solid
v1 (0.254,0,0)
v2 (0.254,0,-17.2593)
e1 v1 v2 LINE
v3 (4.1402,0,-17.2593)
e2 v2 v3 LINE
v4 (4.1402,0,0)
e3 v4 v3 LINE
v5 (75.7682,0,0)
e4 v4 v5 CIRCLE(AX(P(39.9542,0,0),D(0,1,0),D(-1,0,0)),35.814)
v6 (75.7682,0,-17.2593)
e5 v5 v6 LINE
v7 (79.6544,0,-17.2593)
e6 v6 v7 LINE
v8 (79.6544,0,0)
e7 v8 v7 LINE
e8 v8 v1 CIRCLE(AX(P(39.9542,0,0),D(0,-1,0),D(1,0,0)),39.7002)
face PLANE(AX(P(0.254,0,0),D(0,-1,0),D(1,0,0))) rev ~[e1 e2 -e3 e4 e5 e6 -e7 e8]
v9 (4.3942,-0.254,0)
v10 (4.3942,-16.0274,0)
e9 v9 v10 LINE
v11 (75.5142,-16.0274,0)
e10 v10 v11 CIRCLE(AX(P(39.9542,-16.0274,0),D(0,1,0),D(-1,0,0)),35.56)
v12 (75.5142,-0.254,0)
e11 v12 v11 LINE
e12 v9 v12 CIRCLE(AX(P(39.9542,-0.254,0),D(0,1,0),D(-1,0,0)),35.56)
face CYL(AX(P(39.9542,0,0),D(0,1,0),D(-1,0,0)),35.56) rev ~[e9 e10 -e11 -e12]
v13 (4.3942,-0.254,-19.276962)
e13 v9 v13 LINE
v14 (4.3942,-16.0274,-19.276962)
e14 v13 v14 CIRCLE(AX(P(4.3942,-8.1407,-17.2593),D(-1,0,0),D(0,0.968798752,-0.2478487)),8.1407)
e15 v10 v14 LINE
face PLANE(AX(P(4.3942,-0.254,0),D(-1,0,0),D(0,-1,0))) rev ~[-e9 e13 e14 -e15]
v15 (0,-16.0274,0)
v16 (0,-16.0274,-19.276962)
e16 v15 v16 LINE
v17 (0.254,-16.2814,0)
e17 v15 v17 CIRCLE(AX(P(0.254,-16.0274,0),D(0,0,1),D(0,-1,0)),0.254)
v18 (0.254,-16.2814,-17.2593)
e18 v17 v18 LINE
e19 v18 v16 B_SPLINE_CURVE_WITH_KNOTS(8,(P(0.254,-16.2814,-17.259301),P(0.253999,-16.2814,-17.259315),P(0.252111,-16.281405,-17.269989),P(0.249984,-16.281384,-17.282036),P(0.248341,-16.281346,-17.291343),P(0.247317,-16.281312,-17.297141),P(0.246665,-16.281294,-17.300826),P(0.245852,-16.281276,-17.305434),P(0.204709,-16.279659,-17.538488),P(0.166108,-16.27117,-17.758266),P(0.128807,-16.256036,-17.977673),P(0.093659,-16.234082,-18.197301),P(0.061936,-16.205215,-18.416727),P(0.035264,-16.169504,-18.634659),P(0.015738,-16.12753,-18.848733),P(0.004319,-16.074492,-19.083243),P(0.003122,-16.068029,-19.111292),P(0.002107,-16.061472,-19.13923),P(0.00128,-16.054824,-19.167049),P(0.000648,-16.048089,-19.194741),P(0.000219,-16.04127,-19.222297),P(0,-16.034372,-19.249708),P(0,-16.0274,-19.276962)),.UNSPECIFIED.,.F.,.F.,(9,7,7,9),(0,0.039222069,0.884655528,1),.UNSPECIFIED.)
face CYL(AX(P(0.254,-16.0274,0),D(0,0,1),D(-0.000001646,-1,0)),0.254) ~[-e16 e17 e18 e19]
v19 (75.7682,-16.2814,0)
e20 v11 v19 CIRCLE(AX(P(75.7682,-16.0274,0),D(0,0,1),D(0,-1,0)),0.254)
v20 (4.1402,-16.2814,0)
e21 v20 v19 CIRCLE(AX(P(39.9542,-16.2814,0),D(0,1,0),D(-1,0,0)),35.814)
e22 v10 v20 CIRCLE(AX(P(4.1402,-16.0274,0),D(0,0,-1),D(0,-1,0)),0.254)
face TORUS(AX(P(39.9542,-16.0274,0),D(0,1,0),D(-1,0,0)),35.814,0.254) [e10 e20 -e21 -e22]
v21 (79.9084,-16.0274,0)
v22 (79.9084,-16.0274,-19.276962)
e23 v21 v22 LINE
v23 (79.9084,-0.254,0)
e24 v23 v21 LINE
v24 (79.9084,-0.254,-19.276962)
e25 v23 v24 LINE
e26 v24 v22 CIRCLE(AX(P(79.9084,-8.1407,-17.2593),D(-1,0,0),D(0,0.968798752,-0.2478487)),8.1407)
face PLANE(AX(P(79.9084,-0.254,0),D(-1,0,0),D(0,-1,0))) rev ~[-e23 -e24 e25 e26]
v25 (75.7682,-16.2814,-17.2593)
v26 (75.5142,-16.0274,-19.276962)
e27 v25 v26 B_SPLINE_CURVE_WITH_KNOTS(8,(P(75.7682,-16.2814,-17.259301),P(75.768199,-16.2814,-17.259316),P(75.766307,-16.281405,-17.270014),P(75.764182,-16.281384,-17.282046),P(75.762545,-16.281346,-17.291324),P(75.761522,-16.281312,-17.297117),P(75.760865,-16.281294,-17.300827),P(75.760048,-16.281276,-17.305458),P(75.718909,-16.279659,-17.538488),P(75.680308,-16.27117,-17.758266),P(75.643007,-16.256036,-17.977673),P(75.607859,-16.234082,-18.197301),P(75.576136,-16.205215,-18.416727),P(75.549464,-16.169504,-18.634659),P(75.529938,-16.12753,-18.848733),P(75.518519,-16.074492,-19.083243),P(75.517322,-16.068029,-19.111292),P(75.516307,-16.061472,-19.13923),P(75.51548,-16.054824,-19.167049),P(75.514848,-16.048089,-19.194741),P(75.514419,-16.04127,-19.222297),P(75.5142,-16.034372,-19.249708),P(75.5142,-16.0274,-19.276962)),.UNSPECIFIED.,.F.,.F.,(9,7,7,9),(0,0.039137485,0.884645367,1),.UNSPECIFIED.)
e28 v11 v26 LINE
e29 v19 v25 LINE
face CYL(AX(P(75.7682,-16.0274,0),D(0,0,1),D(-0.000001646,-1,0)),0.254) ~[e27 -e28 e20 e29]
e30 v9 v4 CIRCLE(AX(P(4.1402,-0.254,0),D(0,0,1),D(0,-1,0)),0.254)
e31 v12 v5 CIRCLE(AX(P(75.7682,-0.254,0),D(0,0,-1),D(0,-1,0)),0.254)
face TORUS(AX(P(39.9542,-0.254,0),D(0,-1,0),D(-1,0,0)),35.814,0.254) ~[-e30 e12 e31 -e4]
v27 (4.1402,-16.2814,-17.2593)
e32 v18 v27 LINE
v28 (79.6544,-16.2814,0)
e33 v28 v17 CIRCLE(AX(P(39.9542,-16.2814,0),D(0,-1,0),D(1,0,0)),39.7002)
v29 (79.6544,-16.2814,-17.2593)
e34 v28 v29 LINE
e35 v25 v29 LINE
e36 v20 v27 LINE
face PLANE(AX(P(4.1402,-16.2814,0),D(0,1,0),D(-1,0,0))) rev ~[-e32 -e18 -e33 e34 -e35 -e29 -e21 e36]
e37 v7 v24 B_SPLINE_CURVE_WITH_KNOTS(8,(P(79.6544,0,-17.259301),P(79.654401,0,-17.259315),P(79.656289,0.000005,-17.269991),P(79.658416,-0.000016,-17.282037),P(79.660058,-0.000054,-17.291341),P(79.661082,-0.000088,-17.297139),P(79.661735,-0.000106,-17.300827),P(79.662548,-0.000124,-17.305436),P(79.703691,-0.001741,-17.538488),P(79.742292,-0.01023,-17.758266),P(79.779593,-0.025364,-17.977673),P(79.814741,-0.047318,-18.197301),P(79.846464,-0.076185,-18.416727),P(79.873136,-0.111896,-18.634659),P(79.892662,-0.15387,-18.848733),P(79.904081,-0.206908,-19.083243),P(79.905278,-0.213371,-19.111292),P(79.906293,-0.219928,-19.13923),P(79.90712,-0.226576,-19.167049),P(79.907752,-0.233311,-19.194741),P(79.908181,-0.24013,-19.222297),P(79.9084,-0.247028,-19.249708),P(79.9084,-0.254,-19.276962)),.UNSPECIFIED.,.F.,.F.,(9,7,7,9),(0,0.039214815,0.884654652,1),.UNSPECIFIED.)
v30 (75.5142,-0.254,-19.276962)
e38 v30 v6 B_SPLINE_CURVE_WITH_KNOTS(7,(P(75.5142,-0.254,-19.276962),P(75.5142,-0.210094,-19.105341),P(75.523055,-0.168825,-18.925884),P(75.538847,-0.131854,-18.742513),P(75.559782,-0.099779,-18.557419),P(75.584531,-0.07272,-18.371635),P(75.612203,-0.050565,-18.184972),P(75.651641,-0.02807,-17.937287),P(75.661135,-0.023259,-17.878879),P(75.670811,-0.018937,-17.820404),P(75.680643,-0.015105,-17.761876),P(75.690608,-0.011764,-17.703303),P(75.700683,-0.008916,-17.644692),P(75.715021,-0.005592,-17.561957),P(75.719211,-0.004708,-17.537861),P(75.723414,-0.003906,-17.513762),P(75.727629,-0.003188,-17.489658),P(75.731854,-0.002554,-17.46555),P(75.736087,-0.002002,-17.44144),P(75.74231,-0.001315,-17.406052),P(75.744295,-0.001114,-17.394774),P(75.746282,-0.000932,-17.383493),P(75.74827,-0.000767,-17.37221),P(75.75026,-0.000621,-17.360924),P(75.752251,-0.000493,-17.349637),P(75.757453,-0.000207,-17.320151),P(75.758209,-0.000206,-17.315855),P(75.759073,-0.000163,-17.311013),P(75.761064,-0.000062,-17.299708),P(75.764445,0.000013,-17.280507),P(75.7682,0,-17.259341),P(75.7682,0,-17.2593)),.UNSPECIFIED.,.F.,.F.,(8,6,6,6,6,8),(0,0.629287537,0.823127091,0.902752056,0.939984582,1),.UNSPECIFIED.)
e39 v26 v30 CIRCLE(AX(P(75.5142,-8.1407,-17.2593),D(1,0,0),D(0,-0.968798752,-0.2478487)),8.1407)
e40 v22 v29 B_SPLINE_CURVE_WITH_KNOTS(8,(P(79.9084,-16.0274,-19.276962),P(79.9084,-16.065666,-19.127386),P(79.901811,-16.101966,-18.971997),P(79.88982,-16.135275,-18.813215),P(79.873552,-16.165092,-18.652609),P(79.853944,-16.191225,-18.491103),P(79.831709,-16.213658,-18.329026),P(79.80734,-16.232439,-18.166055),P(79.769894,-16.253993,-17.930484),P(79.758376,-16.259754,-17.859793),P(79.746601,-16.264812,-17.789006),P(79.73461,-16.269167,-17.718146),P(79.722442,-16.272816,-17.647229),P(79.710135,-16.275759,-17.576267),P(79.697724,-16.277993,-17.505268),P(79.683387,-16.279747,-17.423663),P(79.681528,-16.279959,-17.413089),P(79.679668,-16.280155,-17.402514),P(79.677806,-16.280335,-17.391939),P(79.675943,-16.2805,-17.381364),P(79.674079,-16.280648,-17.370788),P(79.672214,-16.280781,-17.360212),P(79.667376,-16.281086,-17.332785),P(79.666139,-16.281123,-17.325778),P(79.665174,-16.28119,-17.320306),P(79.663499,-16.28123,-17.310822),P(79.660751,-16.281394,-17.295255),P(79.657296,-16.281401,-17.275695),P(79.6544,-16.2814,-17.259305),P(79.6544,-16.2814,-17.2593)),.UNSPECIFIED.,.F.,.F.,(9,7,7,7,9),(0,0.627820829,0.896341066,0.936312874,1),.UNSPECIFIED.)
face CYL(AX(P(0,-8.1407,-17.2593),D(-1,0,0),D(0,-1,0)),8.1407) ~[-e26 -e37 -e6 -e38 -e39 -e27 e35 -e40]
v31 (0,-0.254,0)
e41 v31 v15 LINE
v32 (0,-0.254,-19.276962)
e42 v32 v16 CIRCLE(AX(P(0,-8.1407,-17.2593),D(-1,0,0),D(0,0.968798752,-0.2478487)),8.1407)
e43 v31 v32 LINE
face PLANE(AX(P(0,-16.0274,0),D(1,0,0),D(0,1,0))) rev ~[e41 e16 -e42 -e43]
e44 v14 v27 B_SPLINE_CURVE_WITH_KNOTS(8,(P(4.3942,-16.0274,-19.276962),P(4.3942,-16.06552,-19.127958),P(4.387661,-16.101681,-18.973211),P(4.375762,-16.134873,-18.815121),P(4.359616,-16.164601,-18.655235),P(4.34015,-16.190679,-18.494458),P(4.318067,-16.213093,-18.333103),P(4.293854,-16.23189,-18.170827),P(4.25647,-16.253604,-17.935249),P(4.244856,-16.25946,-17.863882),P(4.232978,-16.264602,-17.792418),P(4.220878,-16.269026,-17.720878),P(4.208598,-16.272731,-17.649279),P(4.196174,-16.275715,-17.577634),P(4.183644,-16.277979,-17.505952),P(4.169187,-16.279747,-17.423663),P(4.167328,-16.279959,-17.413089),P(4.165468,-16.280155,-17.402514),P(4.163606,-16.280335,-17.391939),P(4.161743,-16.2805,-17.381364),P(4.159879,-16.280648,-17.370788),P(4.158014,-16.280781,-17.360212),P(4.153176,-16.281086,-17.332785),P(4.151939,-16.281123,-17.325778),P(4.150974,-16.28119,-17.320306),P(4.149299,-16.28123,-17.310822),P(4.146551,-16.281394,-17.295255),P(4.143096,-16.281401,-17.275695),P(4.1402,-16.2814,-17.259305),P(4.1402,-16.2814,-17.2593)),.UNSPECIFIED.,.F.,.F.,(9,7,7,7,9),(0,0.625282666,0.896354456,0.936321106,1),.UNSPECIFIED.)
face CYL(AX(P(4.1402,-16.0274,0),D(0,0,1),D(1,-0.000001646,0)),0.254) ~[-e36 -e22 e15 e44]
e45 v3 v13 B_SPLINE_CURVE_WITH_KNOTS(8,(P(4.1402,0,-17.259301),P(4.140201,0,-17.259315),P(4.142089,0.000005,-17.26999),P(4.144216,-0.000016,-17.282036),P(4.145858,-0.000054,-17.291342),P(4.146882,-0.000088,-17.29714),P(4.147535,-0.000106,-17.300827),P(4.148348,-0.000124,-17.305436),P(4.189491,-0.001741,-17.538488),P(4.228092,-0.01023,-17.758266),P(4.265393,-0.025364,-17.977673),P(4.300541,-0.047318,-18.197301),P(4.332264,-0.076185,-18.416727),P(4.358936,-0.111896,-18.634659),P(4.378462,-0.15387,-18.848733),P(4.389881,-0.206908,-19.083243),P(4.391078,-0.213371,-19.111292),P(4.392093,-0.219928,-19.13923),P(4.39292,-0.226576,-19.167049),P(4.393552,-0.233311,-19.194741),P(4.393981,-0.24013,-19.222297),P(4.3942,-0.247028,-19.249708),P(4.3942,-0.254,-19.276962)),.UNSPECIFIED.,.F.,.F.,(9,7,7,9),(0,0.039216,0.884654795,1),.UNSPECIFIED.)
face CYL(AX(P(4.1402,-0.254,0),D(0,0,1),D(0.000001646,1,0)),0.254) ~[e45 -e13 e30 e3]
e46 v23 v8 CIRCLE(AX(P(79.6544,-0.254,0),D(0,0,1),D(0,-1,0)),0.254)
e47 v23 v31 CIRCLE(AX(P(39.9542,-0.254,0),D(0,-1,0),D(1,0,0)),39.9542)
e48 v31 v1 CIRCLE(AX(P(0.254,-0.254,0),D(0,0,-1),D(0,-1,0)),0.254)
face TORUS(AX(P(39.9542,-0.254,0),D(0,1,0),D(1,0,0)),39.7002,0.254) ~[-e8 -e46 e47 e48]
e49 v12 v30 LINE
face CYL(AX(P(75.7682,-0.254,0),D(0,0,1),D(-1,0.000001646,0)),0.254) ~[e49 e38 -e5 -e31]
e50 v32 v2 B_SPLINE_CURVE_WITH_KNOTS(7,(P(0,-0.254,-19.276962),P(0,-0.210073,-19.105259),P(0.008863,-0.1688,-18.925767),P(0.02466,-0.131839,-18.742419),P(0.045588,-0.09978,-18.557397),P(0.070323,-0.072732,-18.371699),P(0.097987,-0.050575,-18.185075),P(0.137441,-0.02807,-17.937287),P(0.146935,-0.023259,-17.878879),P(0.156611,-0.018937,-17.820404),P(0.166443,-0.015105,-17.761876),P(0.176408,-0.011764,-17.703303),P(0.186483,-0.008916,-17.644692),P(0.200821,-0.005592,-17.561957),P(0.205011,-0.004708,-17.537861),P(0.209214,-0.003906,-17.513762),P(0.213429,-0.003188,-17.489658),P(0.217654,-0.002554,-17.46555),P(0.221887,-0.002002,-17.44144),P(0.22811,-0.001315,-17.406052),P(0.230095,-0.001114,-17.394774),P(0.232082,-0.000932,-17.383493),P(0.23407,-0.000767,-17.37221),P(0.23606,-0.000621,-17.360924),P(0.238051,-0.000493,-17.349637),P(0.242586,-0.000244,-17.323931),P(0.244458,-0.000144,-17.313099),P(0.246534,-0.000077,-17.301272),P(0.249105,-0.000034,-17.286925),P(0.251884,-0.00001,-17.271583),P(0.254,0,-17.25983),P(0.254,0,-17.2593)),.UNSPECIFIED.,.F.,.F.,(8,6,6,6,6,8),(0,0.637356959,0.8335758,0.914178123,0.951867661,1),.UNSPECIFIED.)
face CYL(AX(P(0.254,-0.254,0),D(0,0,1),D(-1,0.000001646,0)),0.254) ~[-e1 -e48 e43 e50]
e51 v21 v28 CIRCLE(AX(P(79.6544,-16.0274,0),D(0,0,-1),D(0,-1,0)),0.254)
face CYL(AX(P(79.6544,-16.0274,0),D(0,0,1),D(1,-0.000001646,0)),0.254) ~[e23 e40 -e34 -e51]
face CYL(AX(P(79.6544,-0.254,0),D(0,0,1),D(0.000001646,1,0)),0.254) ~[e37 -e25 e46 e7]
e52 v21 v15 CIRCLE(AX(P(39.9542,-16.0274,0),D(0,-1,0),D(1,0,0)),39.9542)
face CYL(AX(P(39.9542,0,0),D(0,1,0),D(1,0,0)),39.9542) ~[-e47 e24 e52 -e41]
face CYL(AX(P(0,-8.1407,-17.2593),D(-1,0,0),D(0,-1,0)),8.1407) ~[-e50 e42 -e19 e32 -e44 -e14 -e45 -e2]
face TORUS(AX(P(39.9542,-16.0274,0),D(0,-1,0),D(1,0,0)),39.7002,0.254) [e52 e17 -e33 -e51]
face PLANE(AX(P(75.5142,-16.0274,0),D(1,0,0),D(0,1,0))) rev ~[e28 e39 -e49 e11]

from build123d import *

# Parameters (mm, degrees)
F1_DEPTH = 16.2814
F2_R     = 0.254
F4_DEPTH = 25.4
F6_DEPTH = 79.9094


with BuildPart() as f1:
    # F0 (on Front) → F1 (new body)
    with BuildSketch(Plane.XZ):
        with BuildLine():
            Line((75.5142, 0), (79.9084, 0))
            ThreePointArc((79.9084, 0), (39.9542, 39.9542), (0, 0))
            Line((0, 0), (4.3942, 0))
            ThreePointArc((4.3942, 0), (39.9542, 35.56), (75.5142, 0))
        make_face()
    extrude(amount=F1_DEPTH)

    # F2
    f2_edges = [f1.edges().sort_by_distance(p)[0] for p in [
        (39.9542, -16.2814, 39.9542),
        (39.9542, -16.2814, 35.56),
        (39.9542, 0, 39.9542),
        (39.9542, 0, 35.56),
    ]]
    fillet(f2_edges, radius=F2_R)

    # F3 (on face) → F4 (join)
    with BuildSketch(Plane(origin=(0, 0, 0), x_dir=(1, 0, 0), z_dir=(0, 0, -1))):
        with BuildLine():
            ThreePointArc((0.254, 16.2814), (0.074395, 16.207005), (0, 16.0274))
            Line((0, 16.0274), (0, 0.254))
            ThreePointArc((0, 0.254), (0.074395, 0.074395), (0.254, 0))
            Line((0.254, 0), (4.1402, 0))
            ThreePointArc((4.1402, 0), (4.319805, 0.074395), (4.3942, 0.254))
            Line((4.3942, 0.254), (4.3942, 16.0274))
            ThreePointArc((4.3942, 16.0274), (4.319805, 16.207005), (4.1402, 16.2814))
            Line((4.1402, 16.2814), (0.254, 16.2814))
        make_face()
        with BuildLine():
            ThreePointArc((75.5142, 0.254), (75.588595, 0.074395), (75.7682, 0))
            Line((75.7682, 0), (79.6544, 0))
            ThreePointArc((79.6544, 0), (79.834005, 0.074395), (79.9084, 0.254))
            Line((79.9084, 0.254), (79.9084, 16.0274))
            ThreePointArc((79.9084, 16.0274), (79.834005, 16.207005), (79.6544, 16.2814))
            Line((79.6544, 16.2814), (75.7682, 16.2814))
            ThreePointArc((75.7682, 16.2814), (75.588595, 16.207005), (75.5142, 16.0274))
            Line((75.5142, 16.0274), (75.5142, 0.254))
        make_face()
    extrude(amount=F4_DEPTH)

    # F5 (on face) → F6 (cut, through all)
    with BuildSketch(Plane(origin=(0, 0, 0), x_dir=(0, -1, 0), z_dir=(-1, 0, 0))):
        with BuildLine():
            ThreePointArc((16.2814, -17.2593), (8.1407, -25.4), (0, -17.2593))
            Line((0, -17.2593), (0, -26.5704))
            Line((0, -26.5704), (16.2814, -26.5704))
            Line((16.2814, -26.5704), (16.2814, -17.2593))
        make_face()
    extrude(amount=-F6_DEPTH, mode=Mode.SUBTRACT)


solid = f1.part
